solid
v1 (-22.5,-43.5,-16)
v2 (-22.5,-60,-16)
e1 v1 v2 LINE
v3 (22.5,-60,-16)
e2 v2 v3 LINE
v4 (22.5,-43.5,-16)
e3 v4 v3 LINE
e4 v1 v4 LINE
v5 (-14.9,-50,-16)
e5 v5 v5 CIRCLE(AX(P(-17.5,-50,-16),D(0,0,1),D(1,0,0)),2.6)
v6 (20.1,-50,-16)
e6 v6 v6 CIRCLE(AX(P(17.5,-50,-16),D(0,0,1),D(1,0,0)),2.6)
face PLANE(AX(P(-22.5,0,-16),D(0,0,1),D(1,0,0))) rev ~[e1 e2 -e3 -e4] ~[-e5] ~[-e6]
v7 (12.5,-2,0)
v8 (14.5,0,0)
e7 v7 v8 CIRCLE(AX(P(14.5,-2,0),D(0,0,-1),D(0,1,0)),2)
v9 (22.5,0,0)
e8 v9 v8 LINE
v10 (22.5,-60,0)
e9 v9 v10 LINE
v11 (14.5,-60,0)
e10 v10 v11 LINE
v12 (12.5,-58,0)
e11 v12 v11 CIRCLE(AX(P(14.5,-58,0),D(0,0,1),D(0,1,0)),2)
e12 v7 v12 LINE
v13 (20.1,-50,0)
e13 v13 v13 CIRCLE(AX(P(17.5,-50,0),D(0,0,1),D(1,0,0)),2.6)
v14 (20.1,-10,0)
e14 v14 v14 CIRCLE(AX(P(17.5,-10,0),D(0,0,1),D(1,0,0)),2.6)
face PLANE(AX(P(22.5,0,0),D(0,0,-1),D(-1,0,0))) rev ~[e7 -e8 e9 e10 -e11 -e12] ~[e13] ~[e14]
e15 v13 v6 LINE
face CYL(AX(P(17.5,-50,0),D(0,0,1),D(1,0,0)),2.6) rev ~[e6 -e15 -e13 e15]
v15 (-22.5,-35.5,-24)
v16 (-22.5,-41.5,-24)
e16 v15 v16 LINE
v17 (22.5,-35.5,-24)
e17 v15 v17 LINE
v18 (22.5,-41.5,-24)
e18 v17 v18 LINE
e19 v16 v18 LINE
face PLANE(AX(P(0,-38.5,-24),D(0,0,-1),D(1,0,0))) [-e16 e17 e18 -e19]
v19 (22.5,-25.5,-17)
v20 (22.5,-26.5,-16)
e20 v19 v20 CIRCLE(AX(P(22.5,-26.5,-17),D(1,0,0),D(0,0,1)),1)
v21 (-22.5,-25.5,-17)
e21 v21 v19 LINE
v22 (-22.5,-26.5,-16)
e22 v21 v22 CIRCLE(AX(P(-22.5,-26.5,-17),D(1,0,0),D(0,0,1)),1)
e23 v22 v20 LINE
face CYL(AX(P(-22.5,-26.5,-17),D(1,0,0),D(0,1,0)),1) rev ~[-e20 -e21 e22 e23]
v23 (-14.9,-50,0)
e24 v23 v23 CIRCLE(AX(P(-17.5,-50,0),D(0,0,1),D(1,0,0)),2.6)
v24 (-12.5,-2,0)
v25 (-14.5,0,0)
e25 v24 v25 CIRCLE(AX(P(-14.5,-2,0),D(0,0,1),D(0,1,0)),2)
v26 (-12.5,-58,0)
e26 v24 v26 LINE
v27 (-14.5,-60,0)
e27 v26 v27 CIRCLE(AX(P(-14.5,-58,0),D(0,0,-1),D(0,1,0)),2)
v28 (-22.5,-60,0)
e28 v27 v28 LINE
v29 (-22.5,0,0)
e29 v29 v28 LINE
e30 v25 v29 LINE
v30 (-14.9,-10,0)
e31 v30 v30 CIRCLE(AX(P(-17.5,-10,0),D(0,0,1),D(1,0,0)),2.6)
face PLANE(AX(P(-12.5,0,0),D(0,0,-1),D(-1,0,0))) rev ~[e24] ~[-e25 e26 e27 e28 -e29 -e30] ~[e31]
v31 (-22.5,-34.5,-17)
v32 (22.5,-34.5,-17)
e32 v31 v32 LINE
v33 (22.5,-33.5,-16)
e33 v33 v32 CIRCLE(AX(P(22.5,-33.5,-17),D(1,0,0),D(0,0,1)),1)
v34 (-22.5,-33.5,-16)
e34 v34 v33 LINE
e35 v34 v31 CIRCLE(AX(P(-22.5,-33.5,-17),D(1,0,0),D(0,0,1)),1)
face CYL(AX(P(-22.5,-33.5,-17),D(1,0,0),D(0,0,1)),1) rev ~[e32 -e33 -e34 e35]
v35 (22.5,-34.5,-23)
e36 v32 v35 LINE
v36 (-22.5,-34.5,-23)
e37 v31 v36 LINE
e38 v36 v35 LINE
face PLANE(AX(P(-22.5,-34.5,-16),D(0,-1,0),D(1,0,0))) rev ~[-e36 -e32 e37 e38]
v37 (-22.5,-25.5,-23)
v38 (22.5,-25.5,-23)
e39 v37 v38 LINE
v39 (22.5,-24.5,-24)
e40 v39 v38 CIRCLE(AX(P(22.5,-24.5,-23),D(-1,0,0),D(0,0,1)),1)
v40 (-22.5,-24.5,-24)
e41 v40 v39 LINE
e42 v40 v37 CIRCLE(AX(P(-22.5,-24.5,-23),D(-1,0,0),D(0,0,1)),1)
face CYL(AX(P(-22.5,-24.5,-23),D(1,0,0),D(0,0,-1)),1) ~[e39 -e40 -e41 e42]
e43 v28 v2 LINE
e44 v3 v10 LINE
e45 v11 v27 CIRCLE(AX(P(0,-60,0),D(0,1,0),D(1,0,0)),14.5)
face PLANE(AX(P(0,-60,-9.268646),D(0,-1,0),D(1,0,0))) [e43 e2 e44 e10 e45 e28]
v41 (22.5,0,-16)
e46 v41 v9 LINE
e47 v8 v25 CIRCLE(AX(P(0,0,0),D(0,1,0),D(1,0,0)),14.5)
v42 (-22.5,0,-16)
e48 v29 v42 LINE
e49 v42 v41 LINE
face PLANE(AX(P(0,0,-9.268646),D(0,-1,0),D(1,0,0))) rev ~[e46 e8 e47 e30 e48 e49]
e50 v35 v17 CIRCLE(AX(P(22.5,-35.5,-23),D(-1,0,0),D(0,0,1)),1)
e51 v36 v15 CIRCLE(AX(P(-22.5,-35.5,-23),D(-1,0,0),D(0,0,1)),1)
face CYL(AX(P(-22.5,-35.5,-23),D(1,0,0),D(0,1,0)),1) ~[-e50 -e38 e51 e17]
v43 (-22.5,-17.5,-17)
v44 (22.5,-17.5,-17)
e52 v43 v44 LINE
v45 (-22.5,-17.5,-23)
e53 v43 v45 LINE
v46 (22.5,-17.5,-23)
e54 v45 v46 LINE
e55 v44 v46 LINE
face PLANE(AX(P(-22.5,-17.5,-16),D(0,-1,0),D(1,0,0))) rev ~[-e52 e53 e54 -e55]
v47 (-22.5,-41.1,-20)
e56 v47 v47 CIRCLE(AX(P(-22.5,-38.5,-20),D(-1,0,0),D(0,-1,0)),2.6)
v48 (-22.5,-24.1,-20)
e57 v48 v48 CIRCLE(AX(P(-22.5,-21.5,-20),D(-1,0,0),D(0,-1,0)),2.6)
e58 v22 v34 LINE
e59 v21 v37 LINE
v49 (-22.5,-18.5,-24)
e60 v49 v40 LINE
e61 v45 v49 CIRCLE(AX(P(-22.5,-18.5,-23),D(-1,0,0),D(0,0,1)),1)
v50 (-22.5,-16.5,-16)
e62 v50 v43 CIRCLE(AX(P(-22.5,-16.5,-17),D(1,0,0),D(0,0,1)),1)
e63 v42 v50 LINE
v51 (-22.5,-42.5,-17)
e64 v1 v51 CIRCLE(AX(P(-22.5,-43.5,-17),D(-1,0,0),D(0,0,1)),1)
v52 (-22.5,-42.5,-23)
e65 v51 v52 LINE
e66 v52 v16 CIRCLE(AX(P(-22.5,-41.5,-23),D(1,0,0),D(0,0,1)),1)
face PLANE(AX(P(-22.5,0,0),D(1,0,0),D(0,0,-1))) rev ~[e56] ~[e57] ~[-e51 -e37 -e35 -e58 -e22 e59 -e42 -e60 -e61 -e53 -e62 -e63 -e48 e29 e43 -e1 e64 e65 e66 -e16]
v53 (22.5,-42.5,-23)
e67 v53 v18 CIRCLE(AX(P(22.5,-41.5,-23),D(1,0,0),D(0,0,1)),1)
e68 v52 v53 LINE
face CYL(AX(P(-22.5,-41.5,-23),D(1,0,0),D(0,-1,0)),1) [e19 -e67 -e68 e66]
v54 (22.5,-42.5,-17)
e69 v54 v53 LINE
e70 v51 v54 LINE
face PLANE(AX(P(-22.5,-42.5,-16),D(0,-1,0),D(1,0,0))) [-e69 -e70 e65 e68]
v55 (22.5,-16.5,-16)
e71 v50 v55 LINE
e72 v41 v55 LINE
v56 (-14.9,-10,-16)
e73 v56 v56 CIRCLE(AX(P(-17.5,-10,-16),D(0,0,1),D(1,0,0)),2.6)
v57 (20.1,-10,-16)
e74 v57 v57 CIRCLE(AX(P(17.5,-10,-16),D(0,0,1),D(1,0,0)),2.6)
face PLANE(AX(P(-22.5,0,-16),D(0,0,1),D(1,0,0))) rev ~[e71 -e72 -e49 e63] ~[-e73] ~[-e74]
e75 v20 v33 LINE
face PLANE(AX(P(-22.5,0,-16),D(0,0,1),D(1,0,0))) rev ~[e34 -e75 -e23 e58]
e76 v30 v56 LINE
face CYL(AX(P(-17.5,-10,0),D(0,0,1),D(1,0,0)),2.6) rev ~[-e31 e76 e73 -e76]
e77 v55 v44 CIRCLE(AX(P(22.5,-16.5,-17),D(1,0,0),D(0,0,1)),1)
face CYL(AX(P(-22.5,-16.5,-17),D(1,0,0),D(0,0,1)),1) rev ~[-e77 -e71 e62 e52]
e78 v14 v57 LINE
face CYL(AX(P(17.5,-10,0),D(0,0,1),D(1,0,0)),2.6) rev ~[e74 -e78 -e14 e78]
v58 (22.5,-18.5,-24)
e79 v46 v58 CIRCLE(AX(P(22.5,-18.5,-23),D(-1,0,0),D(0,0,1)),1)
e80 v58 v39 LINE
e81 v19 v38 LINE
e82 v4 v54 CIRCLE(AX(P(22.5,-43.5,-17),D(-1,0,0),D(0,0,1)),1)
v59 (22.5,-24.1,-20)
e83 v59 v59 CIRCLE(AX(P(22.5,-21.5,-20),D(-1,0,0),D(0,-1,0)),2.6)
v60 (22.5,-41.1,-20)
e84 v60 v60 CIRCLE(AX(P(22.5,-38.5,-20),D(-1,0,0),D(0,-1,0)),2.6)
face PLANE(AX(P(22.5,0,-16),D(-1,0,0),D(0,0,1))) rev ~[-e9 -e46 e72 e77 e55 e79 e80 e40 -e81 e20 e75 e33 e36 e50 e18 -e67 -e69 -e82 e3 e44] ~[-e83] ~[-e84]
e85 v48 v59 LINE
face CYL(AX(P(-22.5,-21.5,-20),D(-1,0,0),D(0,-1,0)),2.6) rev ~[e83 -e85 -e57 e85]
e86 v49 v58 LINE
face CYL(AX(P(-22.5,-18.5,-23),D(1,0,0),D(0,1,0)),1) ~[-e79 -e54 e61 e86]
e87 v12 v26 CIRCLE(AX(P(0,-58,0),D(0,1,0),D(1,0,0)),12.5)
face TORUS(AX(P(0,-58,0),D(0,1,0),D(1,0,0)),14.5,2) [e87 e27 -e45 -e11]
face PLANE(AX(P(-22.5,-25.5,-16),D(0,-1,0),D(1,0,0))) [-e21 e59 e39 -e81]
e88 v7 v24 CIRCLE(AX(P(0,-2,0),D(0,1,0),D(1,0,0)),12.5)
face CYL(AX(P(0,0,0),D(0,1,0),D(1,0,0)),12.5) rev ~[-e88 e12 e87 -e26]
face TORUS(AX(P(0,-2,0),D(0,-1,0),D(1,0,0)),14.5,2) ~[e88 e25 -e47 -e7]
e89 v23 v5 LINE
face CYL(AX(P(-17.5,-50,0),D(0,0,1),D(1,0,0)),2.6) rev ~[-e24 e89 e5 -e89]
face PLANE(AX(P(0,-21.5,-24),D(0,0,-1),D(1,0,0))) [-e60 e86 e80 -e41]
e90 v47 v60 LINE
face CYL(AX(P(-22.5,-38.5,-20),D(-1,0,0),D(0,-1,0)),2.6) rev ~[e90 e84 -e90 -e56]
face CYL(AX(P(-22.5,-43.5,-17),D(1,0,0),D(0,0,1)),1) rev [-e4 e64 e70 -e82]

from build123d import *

# Parameters (mm, degrees)
F1_DEPTH = 60
F2_R     = 2.6
F3_DEPTH = 25
F4_R     = 2
F5_W     = 45
F5_H     = 8
F6_DEPTH = 8
F7_R     = 2.6
F8_DEPTH = 50
F9_R     = 1


with BuildPart() as f1:
    # F0 (on Front) → F1 (new body)
    with BuildSketch(Plane.XZ):
        with BuildLine():
            ThreePointArc((12.5, 0), (0, -12.5), (-12.5, 0))
            Line((-12.5, 0), (-22.5, 0))
            Line((-22.5, 0), (-22.5, -16))
            Line((-22.5, -16), (22.5, -16))
            Line((22.5, -16), (22.5, 0))
            Line((22.5, 0), (12.5, 0))
        make_face()
    extrude(amount=F1_DEPTH)

    # F2 (on face) → F3 (cut)
    with BuildSketch(Plane.XY):
        with Locations((-17.5, -50)):
            Circle(F2_R)
        with Locations((-17.5, -10)):
            Circle(F2_R)
        with Locations((17.5, -50)):
            Circle(F2_R)
        with Locations((17.5, -10)):
            Circle(F2_R)
    extrude(amount=-F3_DEPTH, mode=Mode.SUBTRACT)

    # F4
    f4_edges = [f1.edges().sort_by_distance(p)[0] for p in [
        (0, -60, -12.5),
        (0, 0, -12.5),
    ]]
    fillet(f4_edges, radius=F4_R)

    # F5 (on face) → F6 (join)
    with BuildSketch(Plane(origin=(0, 0, -16), x_dir=(1, 0, 0), z_dir=(0, 0, -1))):
        with Locations((0, 21.5)):
            Rectangle(F5_W, F5_H)
        with Locations((0, 38.5)):
            Rectangle(F5_W, F5_H)
    extrude(amount=F6_DEPTH)

    # F7 (on face) → F8 (cut)
    with BuildSketch(Plane(origin=(-22.5, 0, 0), x_dir=(0, -1, 0), z_dir=(-1, 0, 0))):
        with Locations((38.5, -20)):
            Circle(F7_R)
        with Locations((21.5, -20)):
            Circle(F7_R)
    extrude(amount=-F8_DEPTH, mode=Mode.SUBTRACT)

    # F9
    f9_edges = [f1.edges().sort_by_distance(p)[0] for p in [
        (0, -17.5, -24),
        (0, -17.5, -16),
        (0, -25.5, -24),
        (0, -25.5, -16),
        (0, -34.5, -16),
        (0, -34.5, -24),
        (0, -42.5, -24),
        (0, -42.5, -16),
    ]]
    fillet(f9_edges, radius=F9_R)


solid = f1.part
